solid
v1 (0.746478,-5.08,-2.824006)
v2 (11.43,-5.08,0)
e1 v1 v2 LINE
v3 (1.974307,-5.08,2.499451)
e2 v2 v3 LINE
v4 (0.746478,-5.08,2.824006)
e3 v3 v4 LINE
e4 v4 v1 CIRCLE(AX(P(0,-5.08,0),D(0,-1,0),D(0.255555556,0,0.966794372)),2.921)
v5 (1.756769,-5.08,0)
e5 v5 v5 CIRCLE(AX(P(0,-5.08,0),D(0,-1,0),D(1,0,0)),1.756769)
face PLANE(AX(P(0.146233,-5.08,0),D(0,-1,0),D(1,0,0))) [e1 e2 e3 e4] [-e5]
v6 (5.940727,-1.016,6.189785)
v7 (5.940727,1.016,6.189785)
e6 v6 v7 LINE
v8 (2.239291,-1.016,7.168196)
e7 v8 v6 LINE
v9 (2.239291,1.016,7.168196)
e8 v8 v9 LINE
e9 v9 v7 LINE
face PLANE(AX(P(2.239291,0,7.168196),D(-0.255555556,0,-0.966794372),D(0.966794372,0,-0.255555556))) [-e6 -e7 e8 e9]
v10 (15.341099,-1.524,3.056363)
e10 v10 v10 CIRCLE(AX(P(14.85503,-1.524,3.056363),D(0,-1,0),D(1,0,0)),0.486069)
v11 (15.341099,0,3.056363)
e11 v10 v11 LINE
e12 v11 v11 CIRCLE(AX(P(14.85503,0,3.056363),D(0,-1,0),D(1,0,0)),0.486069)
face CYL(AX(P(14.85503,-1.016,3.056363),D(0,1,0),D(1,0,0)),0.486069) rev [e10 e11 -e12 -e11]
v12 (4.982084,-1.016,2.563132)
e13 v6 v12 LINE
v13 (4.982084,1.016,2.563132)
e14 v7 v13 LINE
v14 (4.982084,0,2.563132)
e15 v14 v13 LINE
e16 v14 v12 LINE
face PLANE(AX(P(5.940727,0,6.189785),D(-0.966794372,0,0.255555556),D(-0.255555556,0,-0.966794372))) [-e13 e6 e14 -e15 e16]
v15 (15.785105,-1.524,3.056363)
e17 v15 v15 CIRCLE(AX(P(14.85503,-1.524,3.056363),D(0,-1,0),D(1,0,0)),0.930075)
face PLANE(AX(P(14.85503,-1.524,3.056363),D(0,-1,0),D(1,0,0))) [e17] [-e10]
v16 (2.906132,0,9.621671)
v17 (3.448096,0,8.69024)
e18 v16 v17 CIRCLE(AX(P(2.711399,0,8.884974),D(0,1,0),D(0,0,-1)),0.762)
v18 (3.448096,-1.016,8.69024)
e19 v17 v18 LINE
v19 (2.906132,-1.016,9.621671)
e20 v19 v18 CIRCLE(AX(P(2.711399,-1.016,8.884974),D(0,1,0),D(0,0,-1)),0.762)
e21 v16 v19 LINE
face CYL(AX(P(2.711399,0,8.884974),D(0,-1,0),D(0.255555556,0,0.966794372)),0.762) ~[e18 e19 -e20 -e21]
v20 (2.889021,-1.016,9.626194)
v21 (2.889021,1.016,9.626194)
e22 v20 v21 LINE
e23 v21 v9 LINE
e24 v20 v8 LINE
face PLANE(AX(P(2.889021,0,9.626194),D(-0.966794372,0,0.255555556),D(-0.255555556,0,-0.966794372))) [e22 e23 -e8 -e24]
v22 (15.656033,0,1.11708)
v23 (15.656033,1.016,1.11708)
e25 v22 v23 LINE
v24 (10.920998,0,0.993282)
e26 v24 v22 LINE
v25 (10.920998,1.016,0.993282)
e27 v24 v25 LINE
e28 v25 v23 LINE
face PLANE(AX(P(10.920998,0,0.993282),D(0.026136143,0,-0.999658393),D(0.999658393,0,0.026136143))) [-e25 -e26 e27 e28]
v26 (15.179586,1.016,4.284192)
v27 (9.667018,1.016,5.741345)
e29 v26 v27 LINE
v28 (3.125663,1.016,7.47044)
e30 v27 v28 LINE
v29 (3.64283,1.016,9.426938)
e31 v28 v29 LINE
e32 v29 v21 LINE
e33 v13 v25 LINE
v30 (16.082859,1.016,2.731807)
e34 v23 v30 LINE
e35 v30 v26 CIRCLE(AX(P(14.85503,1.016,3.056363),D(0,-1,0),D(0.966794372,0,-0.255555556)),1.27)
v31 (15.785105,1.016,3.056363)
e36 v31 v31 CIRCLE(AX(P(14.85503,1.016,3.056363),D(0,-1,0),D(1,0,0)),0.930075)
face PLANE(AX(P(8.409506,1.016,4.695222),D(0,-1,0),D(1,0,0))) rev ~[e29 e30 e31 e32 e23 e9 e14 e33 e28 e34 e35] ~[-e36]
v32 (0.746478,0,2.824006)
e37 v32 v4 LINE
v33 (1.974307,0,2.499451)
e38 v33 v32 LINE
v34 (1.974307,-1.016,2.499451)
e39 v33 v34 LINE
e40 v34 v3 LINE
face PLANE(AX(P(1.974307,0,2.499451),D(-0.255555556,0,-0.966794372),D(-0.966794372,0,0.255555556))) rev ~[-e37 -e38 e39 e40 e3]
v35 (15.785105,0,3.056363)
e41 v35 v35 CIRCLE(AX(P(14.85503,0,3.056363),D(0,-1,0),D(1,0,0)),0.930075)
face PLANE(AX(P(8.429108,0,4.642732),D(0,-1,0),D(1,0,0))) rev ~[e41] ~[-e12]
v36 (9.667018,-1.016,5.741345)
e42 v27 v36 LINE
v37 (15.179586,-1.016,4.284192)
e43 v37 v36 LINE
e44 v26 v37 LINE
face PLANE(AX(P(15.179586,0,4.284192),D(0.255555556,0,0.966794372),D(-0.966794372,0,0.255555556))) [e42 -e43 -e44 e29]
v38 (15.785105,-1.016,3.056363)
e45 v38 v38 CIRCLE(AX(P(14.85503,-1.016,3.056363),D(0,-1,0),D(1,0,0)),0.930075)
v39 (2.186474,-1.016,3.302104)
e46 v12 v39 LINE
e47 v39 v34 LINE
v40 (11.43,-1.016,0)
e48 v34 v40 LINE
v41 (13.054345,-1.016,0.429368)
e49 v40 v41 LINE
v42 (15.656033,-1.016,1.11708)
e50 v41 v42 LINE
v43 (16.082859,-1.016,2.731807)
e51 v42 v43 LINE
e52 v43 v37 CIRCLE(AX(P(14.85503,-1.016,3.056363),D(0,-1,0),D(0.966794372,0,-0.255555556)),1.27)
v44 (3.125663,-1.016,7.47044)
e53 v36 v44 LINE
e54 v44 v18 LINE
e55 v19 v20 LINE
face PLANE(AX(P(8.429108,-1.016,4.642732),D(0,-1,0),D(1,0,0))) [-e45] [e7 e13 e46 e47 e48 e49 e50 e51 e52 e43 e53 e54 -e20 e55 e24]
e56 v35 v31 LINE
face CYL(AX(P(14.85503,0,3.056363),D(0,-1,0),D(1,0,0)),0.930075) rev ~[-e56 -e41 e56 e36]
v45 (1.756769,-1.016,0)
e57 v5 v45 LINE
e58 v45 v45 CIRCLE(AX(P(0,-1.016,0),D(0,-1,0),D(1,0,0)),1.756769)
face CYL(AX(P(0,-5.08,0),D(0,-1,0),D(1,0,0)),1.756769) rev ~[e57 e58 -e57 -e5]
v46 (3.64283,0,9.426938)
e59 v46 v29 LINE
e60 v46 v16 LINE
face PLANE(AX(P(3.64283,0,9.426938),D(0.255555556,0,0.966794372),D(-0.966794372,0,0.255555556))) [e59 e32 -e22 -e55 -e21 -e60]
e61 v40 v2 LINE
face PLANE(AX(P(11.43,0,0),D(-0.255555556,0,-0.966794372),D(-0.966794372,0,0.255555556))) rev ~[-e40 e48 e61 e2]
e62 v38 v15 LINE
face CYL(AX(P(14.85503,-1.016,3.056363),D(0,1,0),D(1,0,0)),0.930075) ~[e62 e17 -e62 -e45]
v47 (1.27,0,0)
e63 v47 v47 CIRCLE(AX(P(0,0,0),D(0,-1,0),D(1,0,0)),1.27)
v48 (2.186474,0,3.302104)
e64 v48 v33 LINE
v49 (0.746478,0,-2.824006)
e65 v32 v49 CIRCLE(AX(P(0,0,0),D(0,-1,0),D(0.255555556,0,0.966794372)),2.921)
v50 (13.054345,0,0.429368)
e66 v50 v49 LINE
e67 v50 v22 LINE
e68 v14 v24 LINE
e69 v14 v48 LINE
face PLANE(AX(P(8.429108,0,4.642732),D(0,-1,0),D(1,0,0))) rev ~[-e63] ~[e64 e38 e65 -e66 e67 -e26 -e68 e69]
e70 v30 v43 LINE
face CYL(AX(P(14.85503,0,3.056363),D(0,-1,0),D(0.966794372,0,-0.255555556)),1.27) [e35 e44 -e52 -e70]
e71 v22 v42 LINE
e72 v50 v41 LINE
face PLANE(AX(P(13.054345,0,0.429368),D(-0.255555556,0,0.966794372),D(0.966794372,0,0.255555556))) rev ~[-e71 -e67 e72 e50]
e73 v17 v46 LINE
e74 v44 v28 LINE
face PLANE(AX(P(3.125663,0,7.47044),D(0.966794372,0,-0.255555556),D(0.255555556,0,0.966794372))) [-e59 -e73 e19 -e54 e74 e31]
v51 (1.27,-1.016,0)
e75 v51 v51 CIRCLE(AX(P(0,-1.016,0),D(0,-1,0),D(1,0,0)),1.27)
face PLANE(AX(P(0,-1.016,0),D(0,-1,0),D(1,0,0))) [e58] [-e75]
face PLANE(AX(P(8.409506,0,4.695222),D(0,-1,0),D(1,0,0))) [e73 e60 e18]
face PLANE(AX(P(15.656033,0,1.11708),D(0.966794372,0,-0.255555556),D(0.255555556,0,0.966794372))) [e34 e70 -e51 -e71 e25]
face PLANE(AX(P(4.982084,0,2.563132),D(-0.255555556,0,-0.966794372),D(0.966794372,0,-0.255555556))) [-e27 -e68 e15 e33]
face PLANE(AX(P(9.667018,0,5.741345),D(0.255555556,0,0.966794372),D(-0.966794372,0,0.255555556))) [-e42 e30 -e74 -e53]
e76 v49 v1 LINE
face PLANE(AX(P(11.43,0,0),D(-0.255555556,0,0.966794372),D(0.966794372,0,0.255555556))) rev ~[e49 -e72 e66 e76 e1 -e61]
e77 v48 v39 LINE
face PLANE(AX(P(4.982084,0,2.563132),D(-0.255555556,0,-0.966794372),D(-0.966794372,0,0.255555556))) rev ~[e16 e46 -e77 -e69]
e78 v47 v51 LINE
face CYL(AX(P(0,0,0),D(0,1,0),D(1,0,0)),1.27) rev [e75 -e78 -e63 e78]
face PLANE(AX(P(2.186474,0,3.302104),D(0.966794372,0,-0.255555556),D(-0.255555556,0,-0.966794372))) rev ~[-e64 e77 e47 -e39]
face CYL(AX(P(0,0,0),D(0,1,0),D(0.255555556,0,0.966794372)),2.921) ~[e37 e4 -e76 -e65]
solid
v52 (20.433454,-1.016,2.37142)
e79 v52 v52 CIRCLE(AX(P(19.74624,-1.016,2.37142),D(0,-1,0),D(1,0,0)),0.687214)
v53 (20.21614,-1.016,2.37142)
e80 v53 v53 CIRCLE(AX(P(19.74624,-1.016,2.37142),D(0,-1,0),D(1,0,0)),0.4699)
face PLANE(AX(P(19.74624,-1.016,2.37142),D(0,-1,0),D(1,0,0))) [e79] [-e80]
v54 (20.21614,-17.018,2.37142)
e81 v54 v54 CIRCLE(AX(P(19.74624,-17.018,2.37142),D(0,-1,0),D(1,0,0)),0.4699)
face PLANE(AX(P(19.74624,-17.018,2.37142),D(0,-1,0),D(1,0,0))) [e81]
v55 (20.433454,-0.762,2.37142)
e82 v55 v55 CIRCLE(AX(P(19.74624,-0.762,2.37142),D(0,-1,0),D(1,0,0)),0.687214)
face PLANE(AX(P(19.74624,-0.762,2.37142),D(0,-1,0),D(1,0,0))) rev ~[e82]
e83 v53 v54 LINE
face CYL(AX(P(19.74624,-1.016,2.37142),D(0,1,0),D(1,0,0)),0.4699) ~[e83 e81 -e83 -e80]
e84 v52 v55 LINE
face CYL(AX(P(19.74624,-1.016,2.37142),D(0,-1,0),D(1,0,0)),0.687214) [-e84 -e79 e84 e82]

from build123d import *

# Parameters (mm, degrees)
F0_R      = 1.7567686569
F0_R_2    = 1.27
F1_DEPTH  = 5.08
F2_R      = 1.7567686569
F2_R_2    = 1.27
F3_DEPTH  = 4.064
F4_DEPTH  = 1.016
F0_R_3    = 0.9300746286
F0_R_4    = 0.4860685378
F5_DEPTH  = 1.016
F6_R      = 0.762
F7_R      = 0.9300746286
F7_R_2    = 0.4860685378
F8_DEPTH  = 0.508
F9_R      = 0.9300746286
F10_DEPTH = 1.016
F11_R     = 0.4699
F12_DEPTH = 16.002
F11_R_2   = 0.6872139148
F13_DEPTH = 0.254


with BuildPart() as f1:
    # F0 (on Front) → F1 (new body)
    with BuildSketch(Plane.XZ):
        with BuildLine():
            ThreePointArc((0.7464777778, -2.8240063611), (2.314379246, -1.782102608), (2.921, 0))
            ThreePointArc((2.921, 0), (2.314379246, 1.782102608), (0.7464777778, 2.8240063611))
            ThreePointArc((0.7464777778, 2.8240063611), (-2.921, 0), (0.7464777778, -2.8240063611))
        make_face()
        Circle(F0_R, mode=Mode.SUBTRACT)
        with BuildLine():
            ThreePointArc((0.7464777778, 2.8240063611), (2.314379246, 1.782102608), (2.921, 0))
            ThreePointArc((2.921, 0), (2.314379246, -1.782102608), (0.7464777778, -2.8240063611))
            Line((0.7464777778, -2.8240063611), (11.43, 0))
            Line((11.43, 0), (1.9743066304, 2.4994508055))
            Line((1.9743066304, 2.4994508055), (0.7464777778, 2.8240063611))
        make_face()
        Circle(F0_R)
        Circle(F0_R_2, mode=Mode.SUBTRACT)
    extrude(amount=F1_DEPTH)

    # F2 (on face) → F3 (cut)
    with BuildSketch(Plane.XZ.offset(5.08)):
        Circle(F2_R)
        Circle(F2_R_2, mode=Mode.SUBTRACT)
    extrude(amount=-F3_DEPTH, mode=Mode.SUBTRACT)

    # F0 (on Front) → F4 (join)
    with BuildSketch(Plane.XZ):
        Polygon((2.1864742005, 3.3021037248), (1.9743066304, 2.4994508055), (11.43, 0), (13.0543452908, 0.4293678937), (4.9820835702, 2.563132206), align=None)
    extrude(amount=F4_DEPTH)

    # F0 (on Front) → F5 (join)
    with BuildSketch(Plane.XZ):
        with BuildLine():
            Line((4.9820835702, 2.563132206), (13.0543452908, 0.4293678937))
            Line((13.0543452908, 0.4293678937), (15.6560332857, 1.1170796141))
            Line((15.6560332857, 1.1170796141), (16.082858903, 2.7318071978))
            ThreePointArc((16.082858903, 2.7318071978), (15.9527315924, 3.695073427), (15.179585606, 4.284191606))
            Line((15.179585606, 4.284191606), (9.6670175249, 5.7413446874))
            Line((9.6670175249, 5.7413446874), (3.1256630132, 7.4704398647))
            Line((3.1256630132, 7.4704398647), (3.6428297398, 9.4269376588))
            Line((3.6428297398, 9.4269376588), (2.8890208753, 9.6261941385))
            Line((2.8890208753, 9.6261941385), (2.2392912403, 7.16819649))
            Line((2.2392912403, 7.16819649), (5.9407272542, 6.1897851917))
            Line((5.9407272542, 6.1897851917), (4.9820835702, 2.563132206))
        make_face()
        with Locations((14.8550300504, 3.0563627533)):
            Circle(F0_R_3, mode=Mode.SUBTRACT)
        with Locations((14.8550300504, 3.0563627533)):
            Circle(F0_R_3)
        with Locations((14.8550300504, 3.0563627533)):
            Circle(F0_R_4, mode=Mode.SUBTRACT)
    extrude(amount=F5_DEPTH)

    # F6
    f6_edges = [f1.edges().sort_by_distance(p)[0] for p in [
        (3.64283, -0.508, 9.426938),
    ]]
    fillet(f6_edges, radius=F6_R)

    # F7 (on face) → F8 (join)
    with BuildSketch(Plane.XZ.offset(1.016)):
        with Locations((14.8550300504, 3.0563627533)):
            Circle(F7_R)
        with Locations((14.8550300504, 3.0563627533)):
            Circle(F7_R_2, mode=Mode.SUBTRACT)
    extrude(amount=F8_DEPTH)

    # F9 (on face) → F10 (join)
    with BuildSketch(Plane.XZ):
        with BuildLine():
            Line((4.9820835702, 2.563132206), (10.9209979791, 0.9932817653))
            Line((10.9209979791, 0.9932817653), (15.6560332857, 1.1170796141))
            Line((15.6560332857, 1.1170796141), (16.082858903, 2.7318071978))
            ThreePointArc((16.082858903, 2.7318071978), (15.9527315924, 3.695073427), (15.179585606, 4.284191606))
            Line((15.179585606, 4.284191606), (9.6670175249, 5.7413446874))
            Line((9.6670175249, 5.7413446874), (3.1256630132, 7.4704398647))
            Line((3.1256630132, 7.4704398647), (3.6428297398, 9.4269376588))
            Line((3.6428297398, 9.4269376588), (2.8890208753, 9.6261941385))
            Line((2.8890208753, 9.6261941385), (2.2392912403, 7.16819649))
            Line((2.2392912403, 7.16819649), (5.9407272542, 6.1897851917))
            Line((5.9407272542, 6.1897851917), (4.9820835702, 2.563132206))
        make_face()
        with Locations((14.8550300504, 3.0563627533)):
            Circle(F9_R, mode=Mode.SUBTRACT)
    extrude(amount=-F10_DEPTH)


with BuildPart() as f12:
    # F11 (on face) → F12 (new body)
    with BuildSketch(Plane.XZ.offset(1.016)):
        with Locations((19.7462402284, 2.3714201525)):
            Circle(F11_R)
    extrude(amount=F12_DEPTH)

    # F11 (on face) → F13 (join)
    with BuildSketch(Plane.XZ.offset(1.016)):
        with Locations((19.7462402284, 2.3714201525)):
            Circle(F11_R_2)
        with Locations((19.7462402284, 2.3714201525)):
            Circle(F11_R, mode=Mode.SUBTRACT)
        with Locations((19.7462402284, 2.3714201525)):
            Circle(F11_R)
    extrude(amount=-F13_DEPTH)


solid = Compound([f1.part, f12.part])
